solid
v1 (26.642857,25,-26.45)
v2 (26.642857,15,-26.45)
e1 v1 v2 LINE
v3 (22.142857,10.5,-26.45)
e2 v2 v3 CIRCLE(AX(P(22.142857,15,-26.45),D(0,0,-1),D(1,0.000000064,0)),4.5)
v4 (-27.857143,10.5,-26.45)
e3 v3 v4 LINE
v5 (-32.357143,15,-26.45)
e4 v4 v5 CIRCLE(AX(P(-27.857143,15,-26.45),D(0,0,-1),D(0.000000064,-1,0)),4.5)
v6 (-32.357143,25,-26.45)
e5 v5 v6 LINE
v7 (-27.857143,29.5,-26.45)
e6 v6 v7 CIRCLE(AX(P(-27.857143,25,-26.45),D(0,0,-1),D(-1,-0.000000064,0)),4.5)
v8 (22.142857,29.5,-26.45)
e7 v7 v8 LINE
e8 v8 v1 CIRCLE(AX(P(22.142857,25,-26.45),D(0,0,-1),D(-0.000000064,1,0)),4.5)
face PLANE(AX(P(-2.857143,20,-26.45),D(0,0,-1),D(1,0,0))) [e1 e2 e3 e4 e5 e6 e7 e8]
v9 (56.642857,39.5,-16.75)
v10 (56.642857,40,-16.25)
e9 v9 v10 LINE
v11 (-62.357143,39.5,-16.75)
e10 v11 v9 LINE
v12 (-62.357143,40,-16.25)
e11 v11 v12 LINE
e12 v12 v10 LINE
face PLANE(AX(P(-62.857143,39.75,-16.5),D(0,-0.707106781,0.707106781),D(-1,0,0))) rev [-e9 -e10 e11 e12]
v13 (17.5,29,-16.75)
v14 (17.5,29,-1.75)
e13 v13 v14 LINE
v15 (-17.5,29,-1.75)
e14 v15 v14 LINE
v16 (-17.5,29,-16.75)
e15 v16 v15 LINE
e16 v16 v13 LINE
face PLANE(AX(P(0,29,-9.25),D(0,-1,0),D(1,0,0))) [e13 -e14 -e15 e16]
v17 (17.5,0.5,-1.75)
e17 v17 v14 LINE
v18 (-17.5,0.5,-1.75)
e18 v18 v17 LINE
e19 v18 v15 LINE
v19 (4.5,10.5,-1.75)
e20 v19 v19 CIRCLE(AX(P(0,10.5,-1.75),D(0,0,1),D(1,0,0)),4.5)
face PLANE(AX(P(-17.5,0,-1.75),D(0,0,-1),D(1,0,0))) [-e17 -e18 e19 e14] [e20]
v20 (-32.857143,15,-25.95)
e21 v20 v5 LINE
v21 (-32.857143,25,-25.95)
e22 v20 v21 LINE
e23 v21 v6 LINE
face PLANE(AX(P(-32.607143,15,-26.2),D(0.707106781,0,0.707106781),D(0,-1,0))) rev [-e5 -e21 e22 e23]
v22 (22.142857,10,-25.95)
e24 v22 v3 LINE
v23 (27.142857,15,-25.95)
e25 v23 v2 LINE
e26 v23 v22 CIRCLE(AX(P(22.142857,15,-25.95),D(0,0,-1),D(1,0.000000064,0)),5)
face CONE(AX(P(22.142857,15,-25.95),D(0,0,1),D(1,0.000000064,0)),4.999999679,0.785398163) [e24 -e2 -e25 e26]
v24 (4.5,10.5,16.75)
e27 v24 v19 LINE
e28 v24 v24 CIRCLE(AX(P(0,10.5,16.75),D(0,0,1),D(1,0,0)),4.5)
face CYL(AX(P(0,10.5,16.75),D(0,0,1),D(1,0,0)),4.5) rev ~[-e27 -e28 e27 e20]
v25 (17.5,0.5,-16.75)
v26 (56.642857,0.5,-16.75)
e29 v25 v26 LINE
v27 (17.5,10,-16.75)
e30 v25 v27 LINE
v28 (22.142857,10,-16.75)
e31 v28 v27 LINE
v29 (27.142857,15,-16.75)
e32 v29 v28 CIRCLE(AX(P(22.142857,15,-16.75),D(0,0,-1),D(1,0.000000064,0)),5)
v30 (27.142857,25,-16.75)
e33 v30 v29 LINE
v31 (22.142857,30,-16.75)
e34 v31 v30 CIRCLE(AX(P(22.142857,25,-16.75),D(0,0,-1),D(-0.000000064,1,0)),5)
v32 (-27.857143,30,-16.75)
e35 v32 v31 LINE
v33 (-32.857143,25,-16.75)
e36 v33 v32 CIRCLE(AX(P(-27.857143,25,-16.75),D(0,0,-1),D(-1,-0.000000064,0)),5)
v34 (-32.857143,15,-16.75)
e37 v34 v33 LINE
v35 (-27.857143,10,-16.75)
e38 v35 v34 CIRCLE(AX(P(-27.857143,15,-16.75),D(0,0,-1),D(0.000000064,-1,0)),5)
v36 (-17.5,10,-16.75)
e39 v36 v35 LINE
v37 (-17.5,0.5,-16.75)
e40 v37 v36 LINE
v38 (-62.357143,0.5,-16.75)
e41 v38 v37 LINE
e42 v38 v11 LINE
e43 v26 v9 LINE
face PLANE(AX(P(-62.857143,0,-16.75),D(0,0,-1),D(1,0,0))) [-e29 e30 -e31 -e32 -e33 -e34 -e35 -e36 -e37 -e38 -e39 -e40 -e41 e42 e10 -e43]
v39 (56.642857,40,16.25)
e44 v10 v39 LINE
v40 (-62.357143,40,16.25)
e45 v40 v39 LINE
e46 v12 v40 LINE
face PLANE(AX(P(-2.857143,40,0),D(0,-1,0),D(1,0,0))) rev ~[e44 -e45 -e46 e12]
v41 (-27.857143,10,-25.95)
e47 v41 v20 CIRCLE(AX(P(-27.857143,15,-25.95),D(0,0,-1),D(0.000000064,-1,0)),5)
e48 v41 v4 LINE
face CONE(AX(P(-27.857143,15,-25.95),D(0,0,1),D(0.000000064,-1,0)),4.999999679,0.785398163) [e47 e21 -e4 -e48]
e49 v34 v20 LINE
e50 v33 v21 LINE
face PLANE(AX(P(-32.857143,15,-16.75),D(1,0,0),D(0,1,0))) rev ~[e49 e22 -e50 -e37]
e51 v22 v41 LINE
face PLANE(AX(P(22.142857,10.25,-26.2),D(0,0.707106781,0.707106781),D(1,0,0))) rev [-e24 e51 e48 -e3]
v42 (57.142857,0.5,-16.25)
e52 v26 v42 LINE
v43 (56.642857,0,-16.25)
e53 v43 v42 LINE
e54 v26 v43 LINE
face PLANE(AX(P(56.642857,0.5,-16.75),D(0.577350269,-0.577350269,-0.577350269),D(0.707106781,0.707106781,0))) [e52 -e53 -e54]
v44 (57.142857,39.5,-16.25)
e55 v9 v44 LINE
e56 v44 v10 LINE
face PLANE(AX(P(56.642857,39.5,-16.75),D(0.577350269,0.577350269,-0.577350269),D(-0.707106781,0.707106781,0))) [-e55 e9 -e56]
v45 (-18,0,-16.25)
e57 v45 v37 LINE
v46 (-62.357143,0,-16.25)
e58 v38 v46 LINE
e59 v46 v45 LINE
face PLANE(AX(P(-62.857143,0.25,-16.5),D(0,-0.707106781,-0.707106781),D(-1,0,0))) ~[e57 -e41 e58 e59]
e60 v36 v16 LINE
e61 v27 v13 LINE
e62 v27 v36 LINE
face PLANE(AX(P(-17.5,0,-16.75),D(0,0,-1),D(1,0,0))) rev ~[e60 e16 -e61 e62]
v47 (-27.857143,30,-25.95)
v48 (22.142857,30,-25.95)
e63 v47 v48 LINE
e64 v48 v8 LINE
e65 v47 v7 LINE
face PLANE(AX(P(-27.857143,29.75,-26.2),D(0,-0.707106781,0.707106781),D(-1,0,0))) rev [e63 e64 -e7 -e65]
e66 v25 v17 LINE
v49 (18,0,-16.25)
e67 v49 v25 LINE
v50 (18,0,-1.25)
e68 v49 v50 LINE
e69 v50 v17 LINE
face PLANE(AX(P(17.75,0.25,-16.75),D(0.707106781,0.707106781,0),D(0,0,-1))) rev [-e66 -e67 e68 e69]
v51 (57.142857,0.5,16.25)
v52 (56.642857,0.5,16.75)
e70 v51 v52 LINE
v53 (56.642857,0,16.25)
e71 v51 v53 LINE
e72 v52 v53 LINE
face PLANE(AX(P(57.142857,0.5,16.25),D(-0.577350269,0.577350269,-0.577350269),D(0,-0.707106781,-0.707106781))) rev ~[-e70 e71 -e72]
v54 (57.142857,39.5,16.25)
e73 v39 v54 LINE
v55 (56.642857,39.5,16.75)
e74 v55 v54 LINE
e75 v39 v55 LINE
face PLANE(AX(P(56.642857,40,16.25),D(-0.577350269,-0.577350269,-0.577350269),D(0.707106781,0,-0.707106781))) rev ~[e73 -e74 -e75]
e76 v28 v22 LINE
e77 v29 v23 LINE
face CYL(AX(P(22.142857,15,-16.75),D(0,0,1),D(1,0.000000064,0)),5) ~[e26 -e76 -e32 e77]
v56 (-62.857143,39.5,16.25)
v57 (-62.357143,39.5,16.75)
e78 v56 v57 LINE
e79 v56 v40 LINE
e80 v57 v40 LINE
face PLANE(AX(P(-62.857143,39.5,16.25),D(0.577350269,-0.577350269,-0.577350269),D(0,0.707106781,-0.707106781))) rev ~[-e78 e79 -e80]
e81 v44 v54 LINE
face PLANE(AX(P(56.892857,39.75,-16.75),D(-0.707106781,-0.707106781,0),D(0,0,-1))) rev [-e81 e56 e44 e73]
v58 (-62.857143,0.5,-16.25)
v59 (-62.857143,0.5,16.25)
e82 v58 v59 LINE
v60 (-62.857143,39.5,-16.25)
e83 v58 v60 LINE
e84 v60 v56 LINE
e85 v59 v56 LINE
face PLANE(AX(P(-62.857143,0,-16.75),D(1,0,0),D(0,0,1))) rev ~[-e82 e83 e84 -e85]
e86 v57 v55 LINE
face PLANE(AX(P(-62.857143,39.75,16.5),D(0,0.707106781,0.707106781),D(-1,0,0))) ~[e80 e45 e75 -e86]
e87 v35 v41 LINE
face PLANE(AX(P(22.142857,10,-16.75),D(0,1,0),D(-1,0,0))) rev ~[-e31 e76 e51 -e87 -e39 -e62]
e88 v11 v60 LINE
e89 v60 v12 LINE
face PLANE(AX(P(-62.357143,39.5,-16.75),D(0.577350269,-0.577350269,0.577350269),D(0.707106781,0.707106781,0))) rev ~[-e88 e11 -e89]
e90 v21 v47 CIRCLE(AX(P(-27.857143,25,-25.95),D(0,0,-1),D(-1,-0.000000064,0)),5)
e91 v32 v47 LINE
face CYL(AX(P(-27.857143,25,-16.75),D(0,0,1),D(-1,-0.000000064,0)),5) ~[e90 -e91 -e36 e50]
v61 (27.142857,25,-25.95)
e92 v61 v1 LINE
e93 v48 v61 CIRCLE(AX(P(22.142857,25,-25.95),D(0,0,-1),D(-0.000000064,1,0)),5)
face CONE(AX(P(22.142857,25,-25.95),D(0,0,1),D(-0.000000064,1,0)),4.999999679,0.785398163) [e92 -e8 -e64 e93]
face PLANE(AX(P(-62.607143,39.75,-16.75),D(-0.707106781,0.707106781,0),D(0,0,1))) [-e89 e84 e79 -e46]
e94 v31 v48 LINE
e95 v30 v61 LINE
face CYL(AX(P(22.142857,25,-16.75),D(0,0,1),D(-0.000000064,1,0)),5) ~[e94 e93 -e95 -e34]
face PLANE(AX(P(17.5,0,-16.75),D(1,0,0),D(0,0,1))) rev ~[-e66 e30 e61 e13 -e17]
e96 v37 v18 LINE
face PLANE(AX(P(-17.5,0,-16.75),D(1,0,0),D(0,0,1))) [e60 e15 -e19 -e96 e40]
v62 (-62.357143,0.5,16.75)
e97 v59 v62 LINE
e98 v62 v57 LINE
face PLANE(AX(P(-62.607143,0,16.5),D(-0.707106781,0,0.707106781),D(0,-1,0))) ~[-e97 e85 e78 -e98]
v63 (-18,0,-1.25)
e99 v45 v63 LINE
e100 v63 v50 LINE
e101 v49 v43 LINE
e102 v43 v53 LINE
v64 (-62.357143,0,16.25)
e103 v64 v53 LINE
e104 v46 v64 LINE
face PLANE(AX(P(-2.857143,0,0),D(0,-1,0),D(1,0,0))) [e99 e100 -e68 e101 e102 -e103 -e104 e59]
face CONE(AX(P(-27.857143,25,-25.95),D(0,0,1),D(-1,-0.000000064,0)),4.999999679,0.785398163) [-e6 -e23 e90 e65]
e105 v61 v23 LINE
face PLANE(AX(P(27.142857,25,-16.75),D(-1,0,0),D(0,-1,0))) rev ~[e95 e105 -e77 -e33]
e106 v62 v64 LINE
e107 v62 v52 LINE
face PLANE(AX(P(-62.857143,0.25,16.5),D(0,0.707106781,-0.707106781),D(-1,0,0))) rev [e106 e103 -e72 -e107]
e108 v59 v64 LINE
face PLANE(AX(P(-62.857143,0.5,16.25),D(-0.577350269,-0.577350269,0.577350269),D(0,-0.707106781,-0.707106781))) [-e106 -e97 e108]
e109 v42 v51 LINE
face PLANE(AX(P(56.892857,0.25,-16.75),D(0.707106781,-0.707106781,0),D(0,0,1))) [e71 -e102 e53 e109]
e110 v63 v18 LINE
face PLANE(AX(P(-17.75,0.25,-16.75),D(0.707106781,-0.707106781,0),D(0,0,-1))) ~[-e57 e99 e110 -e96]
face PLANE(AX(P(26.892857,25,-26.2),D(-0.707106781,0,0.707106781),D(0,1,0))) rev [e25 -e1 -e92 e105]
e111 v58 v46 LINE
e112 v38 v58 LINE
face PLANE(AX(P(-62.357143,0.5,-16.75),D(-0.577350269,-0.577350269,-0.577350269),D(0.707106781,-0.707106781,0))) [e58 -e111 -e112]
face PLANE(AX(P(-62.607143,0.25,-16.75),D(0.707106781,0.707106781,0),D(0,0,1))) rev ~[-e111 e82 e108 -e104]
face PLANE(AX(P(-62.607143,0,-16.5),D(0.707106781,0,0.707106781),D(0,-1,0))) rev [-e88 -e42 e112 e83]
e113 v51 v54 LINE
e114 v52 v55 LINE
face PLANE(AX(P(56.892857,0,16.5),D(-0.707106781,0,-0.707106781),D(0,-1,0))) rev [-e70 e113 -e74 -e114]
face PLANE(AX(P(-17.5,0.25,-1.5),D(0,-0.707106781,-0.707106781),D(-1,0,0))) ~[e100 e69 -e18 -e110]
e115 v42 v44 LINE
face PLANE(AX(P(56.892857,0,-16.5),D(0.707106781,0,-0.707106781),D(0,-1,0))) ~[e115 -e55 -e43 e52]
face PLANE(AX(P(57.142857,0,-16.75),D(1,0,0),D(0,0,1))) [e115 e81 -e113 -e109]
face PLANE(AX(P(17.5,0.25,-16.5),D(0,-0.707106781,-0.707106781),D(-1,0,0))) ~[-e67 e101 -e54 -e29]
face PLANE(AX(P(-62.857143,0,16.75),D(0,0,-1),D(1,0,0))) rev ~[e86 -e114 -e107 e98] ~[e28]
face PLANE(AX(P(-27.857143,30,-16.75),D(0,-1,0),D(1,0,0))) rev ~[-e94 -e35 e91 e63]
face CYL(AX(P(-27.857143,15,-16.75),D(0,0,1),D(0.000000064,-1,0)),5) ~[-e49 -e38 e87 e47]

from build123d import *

# Parameters (mm, degrees)
F0_W     = 120
F0_H     = 33.5
F1_DEPTH = 40
F4_DEPTH = 9.7
F5_R     = 4.5
F6_DEPTH = 33.5
F7_W     = 35
F7_H     = 15
F8_DEPTH = 29
F9_SIZE  = 0.5
F10_SIZE = 0.5


with BuildPart() as f1:
    # F0 (on Front) → F1 (new body)
    with BuildSketch(Plane.XZ):
        with Locations((-2.857143, 0)):
            Rectangle(F0_W, F0_H)
    extrude(amount=-F1_DEPTH)

    # F3 (on face) → F4 (join)
    with BuildSketch(Plane(origin=(0, 0, -16.75), x_dir=(1, 0, 0), z_dir=(0, 0, -1))):
        with BuildLine():
            ThreePointArc((27.142857, -15), (25.678391, -11.464466), (22.142857, -10))
            Line((22.142857, -10), (-27.857143, -10))
            ThreePointArc((-27.857143, -10), (-31.392677, -11.464466), (-32.857143, -15))
            Line((-32.857143, -15), (-32.857143, -25))
            ThreePointArc((-32.857143, -25), (-31.392677, -28.535534), (-27.857143, -30))
            Line((-27.857143, -30), (22.142857, -30))
            ThreePointArc((22.142857, -30), (25.678391, -28.535534), (27.142857, -25))
            Line((27.142857, -25), (27.142857, -15))
        make_face()
    extrude(amount=F4_DEPTH)

    # F5 (on face) → F6 (cut)
    with BuildSketch(Plane.XY.offset(16.75)):
        with Locations((0, 10.5)):
            Circle(F5_R)
    extrude(amount=-F6_DEPTH, mode=Mode.SUBTRACT)

    # F7 (on face) → F8 (cut)
    with BuildSketch(Plane.XZ):
        with Locations((0, -9.25)):
            Rectangle(F7_W, F7_H)
    extrude(amount=-F8_DEPTH, mode=Mode.SUBTRACT)

    # F9
    f9_edges = [f1.edges().sort_by_distance(p)[0] for p in [
        (-2.857143, 0, 16.75),
        (57.142857, 20, 16.75),
        (-2.857143, 40, 16.75),
        (-62.857143, 20, 16.75),
        (-62.857143, 0, 0),
        (57.142857, 0, 0),
        (57.142857, 40, 0),
        (-62.857143, 40, 0),
        (-62.857143, 20, -16.75),
        (-40.178572, 0, -16.75),
        (37.321428, 0, -16.75),
        (-17.5, 0, -9.25),
        (0, 0, -1.75),
        (17.5, 0, -9.25),
        (57.142857, 20, -16.75),
        (-2.857143, 40, -16.75),
    ]]
    chamfer(f9_edges, length=F9_SIZE)

    # F10
    f10_edges = [f1.edges().sort_by_distance(p)[0] for p in [
        (-2.857143, 10, -26.45),
    ]]
    chamfer(f10_edges, length=F10_SIZE)


solid = f1.part
